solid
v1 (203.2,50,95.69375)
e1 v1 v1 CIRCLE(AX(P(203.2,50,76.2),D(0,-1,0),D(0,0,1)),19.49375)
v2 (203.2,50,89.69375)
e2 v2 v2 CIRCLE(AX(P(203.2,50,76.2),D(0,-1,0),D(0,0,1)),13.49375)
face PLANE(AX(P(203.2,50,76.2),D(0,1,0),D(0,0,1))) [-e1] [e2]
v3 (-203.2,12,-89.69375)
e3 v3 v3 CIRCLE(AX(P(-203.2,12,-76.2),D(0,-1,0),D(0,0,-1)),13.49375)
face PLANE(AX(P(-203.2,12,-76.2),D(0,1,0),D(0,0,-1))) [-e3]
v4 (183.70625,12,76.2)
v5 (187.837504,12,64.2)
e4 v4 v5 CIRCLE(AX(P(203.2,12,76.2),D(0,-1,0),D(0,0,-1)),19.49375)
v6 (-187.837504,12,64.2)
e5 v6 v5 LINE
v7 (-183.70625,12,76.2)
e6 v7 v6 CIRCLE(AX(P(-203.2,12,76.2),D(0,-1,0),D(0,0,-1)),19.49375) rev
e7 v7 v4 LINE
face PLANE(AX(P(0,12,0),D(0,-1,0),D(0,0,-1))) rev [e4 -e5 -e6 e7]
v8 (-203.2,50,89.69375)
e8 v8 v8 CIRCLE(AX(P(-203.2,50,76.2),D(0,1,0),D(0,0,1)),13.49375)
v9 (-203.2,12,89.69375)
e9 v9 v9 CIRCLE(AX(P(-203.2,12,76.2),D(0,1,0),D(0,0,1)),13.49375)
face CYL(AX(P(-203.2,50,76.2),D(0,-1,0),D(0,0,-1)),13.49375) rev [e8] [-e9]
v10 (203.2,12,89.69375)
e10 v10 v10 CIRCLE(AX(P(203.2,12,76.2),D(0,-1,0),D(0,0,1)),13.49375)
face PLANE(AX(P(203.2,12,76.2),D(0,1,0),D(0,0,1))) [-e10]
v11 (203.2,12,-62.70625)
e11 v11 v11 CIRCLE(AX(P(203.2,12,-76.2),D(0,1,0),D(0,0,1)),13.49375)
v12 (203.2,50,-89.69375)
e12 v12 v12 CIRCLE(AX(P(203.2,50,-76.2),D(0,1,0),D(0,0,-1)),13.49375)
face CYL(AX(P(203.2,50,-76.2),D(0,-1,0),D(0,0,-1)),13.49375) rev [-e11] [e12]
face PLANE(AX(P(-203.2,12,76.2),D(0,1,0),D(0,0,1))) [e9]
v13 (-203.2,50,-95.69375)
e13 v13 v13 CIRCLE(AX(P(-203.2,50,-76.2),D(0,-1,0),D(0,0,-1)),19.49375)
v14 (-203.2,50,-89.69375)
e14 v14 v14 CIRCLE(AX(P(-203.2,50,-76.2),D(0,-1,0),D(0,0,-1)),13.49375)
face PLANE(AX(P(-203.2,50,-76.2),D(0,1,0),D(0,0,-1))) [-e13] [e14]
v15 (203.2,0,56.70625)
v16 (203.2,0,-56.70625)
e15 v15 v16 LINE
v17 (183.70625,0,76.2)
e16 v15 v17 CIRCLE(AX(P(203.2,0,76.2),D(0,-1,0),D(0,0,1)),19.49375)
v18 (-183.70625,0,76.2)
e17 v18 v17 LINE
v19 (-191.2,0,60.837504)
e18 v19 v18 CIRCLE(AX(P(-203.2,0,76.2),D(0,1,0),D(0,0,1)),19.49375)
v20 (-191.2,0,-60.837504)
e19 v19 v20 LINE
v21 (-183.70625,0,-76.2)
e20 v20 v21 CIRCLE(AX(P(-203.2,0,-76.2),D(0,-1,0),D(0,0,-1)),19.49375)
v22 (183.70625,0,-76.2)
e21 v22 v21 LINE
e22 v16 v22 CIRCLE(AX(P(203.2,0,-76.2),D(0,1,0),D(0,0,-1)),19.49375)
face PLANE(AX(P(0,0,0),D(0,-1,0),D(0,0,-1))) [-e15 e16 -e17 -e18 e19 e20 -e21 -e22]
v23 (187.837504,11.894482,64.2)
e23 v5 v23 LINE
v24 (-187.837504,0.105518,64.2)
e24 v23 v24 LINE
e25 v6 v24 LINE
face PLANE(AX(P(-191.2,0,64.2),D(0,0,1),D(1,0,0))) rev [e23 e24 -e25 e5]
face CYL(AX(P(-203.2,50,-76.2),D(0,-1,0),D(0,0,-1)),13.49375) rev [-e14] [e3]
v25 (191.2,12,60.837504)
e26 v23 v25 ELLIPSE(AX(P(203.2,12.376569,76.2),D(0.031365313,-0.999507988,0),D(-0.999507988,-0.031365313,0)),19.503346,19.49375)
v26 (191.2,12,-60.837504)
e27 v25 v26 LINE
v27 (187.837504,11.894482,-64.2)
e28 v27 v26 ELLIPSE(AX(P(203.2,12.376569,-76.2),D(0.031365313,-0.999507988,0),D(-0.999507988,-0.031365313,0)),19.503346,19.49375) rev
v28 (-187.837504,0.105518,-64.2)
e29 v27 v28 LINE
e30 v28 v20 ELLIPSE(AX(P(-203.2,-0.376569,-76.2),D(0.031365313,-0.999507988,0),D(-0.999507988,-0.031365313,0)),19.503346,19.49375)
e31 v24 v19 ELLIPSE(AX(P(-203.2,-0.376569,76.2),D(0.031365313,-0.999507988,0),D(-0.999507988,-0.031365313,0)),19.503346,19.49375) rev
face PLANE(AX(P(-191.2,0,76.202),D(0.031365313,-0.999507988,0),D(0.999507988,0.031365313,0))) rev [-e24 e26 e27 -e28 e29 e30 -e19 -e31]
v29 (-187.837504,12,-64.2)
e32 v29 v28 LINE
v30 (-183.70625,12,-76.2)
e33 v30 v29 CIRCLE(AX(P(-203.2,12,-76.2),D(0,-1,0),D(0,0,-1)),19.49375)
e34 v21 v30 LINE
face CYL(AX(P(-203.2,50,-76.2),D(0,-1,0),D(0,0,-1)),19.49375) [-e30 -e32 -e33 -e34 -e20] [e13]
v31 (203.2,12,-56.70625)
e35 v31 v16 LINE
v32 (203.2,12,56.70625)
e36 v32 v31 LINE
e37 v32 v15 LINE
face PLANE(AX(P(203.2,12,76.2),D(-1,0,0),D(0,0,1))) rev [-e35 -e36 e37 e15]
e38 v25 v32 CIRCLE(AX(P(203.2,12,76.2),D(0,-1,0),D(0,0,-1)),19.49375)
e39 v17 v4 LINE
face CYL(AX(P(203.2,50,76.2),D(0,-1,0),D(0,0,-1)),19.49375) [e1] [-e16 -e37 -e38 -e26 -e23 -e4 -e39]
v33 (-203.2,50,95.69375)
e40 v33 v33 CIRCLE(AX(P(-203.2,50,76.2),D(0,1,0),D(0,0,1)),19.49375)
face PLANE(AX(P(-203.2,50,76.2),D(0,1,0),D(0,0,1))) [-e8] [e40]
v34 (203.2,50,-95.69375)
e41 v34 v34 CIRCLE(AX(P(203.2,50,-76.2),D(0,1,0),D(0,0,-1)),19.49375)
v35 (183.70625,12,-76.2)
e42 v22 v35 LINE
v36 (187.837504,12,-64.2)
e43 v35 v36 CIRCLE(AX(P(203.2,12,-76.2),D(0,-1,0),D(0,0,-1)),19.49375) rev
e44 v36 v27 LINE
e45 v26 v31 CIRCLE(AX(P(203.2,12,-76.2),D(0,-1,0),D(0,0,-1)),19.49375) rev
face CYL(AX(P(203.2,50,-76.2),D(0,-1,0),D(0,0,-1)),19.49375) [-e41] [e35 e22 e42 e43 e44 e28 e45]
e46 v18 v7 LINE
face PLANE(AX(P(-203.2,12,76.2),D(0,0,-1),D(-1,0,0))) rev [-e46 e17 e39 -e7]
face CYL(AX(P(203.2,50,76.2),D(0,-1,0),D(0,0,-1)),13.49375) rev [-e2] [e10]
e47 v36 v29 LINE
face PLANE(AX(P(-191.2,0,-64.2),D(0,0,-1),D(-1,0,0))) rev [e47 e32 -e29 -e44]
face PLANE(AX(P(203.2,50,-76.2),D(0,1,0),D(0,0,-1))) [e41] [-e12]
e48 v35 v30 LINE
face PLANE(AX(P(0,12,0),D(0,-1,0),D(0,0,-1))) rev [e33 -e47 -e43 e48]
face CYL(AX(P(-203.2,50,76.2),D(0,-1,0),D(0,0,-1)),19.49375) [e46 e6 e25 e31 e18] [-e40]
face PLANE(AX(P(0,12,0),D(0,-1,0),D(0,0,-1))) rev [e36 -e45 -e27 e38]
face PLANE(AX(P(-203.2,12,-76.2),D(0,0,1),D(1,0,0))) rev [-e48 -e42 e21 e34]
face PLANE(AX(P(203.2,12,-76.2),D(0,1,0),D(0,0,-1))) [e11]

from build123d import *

# Parameters (mm, degrees)
SKETCH1_W                                    = 406.4
SKETCH1_H                                    = 152.4
BOSS_EXTRUDE1_DEPTH                          = 12
CUT_EXTRUDE1_DEPTH                           = 12
BOSS_EXTRUDE2_REACH                          = 249.278
SKETCH4_R                                    = 19.49375
SKETCH4_R_2                                  = 13.49375
BOSS_EXTRUDE3_DEPTH                          = 50
SKETCH4_2_R                                  = 13.49375
CUT_EXTRUDE2_DEPTH                           = 50
SKETCH4_3_R                                  = 13.49375
BOSS_EXTRUDE4_DEPTH                          = 12
MIRROR1_AT_THE_SECOND_PLANE_COPY_1_SKETC_R   = 19.49375
MIRROR1_AT_THE_SECOND_PLANE_COPY_1_SKETC_R_2 = 13.49375
MIRROR1_AT_THE_SECOND_PLANE_COPY_1_DEPTH     = 50
MIRROR1_AT_THE_SECOND_PLANE_COPY_2_SKETC_R   = 13.49375
MIRROR1_AT_THE_SECOND_PLANE_COPY_2_DEPTH     = 50
MIRROR1_AT_THE_SECOND_PLANE_COPY_3_SKETC_R   = 13.49375
MIRROR1_AT_THE_SECOND_PLANE_COPY_3_DEPTH     = 12


with BuildPart() as part:
    # Sketch1 → Boss-Extrude1 (new body)
    with BuildSketch(Plane(origin=(0, 0, 0), x_dir=(1, 0, 0), z_dir=(0, 1, 0))):
        Rectangle(SKETCH1_W, SKETCH1_H)
    extrude(amount=BOSS_EXTRUDE1_DEPTH)

    # Sketch2 → Cut-Extrude1 (cut)
    with BuildSketch(Plane(origin=(0, 12, 0), x_dir=(1, 0, 0), z_dir=(0, 1, 0))):
        Polygon((-203.2, -64.2), (-191.2, -64.2), (191.2, -64.2), (191.2, 64.2), (-191.2, 64.2), (-203.2, 64.2), align=None)
    extrude(amount=-CUT_EXTRUDE1_DEPTH, mode=Mode.SUBTRACT)

    # Sketch3 → Boss-Extrude2 (add, up to next)
    with BuildSketch(Plane.XY.offset(-64.2), mode=Mode.PRIVATE) as boss_extrude2_sk1:
        Polygon((-191.2, 0), (191.2, 12), (191.2, 0), align=None)
    boss_extrude2_tool1 = extrude(boss_extrude2_sk1.sketch, amount=BOSS_EXTRUDE2_REACH, mode=Mode.PRIVATE) - part.part
    add(boss_extrude2_tool1.solids().sort_by_distance((63.733333, 4, -64.2))[0])

    # Sketch4 → Boss-Extrude3 (add)
    with BuildSketch(Plane(origin=(0, 0, 0), x_dir=(1, 0, 0), z_dir=(0, 1, 0))):
        with Locations((-203.2, -76.2)):
            Circle(SKETCH4_R)
        with Locations((-203.2, -76.2)):
            Circle(SKETCH4_R_2, mode=Mode.SUBTRACT)
    boss_extrude3 = extrude(amount=BOSS_EXTRUDE3_DEPTH)

    # Sketch4<2> → Cut-Extrude2 (cut)
    with BuildSketch(Plane(origin=(0, 0, 0), x_dir=(1, 0, 0), z_dir=(0, 1, 0))):
        with Locations((-203.2, -76.2)):
            Circle(SKETCH4_2_R)
    cut_extrude2 = extrude(amount=CUT_EXTRUDE2_DEPTH, mode=Mode.SUBTRACT)

    # Sketch4<3> → Boss-Extrude4 (add)
    with BuildSketch(Plane(origin=(0, 0, 0), x_dir=(1, 0, 0), z_dir=(0, 1, 0))):
        with Locations((-203.2, -76.2)):
            Circle(SKETCH4_3_R)
    boss_extrude4 = extrude(amount=BOSS_EXTRUDE4_DEPTH)

    # Mirror1: Boss-Extrude3, Cut-Extrude2, Boss-Extrude4 across plane
    add(boss_extrude3.mirror(Plane(origin=(0, 0, 0), x_dir=(0, 0, 1), z_dir=(1, 0, 0))))
    add(cut_extrude2.mirror(Plane(origin=(0, 0, 0), x_dir=(0, 0, 1), z_dir=(1, 0, 0))), mode=Mode.SUBTRACT)
    add(boss_extrude4.mirror(Plane(origin=(0, 0, 0), x_dir=(0, 0, 1), z_dir=(1, 0, 0))))

    # Mirror1 at the second plane: Boss-Extrude3, Cut-Extrude2, Boss-Extrude4 across plane
    add(boss_extrude3.mirror(Plane.XY))
    add(cut_extrude2.mirror(Plane.XY), mode=Mode.SUBTRACT)
    add(boss_extrude4.mirror(Plane.XY))

    # Mirror1 at the second plane copy 1 sketc → Mirror1 at the second plane copy 1 (add)
    with BuildSketch(Plane(origin=(0, 0, 0), x_dir=(-1, 0, 0), z_dir=(0, 1, 0))):
        with Locations((-203.2, -76.2)):
            Circle(MIRROR1_AT_THE_SECOND_PLANE_COPY_1_SKETC_R)
        with Locations((-203.2, -76.2)):
            Circle(MIRROR1_AT_THE_SECOND_PLANE_COPY_1_SKETC_R_2, mode=Mode.SUBTRACT)
    extrude(amount=MIRROR1_AT_THE_SECOND_PLANE_COPY_1_DEPTH)

    # Mirror1 at the second plane copy 2 sketc → Mirror1 at the second plane copy 2 (cut)
    with BuildSketch(Plane(origin=(0, 0, 0), x_dir=(-1, 0, 0), z_dir=(0, 1, 0))):
        with Locations((-203.2, -76.2)):
            Circle(MIRROR1_AT_THE_SECOND_PLANE_COPY_2_SKETC_R)
    extrude(amount=MIRROR1_AT_THE_SECOND_PLANE_COPY_2_DEPTH, mode=Mode.SUBTRACT)

    # Mirror1 at the second plane copy 3 sketc → Mirror1 at the second plane copy 3 (add)
    with BuildSketch(Plane(origin=(0, 0, 0), x_dir=(-1, 0, 0), z_dir=(0, 1, 0))):
        with Locations((-203.2, -76.2)):
            Circle(MIRROR1_AT_THE_SECOND_PLANE_COPY_3_SKETC_R)
    extrude(amount=MIRROR1_AT_THE_SECOND_PLANE_COPY_3_DEPTH)


solid = part.part
